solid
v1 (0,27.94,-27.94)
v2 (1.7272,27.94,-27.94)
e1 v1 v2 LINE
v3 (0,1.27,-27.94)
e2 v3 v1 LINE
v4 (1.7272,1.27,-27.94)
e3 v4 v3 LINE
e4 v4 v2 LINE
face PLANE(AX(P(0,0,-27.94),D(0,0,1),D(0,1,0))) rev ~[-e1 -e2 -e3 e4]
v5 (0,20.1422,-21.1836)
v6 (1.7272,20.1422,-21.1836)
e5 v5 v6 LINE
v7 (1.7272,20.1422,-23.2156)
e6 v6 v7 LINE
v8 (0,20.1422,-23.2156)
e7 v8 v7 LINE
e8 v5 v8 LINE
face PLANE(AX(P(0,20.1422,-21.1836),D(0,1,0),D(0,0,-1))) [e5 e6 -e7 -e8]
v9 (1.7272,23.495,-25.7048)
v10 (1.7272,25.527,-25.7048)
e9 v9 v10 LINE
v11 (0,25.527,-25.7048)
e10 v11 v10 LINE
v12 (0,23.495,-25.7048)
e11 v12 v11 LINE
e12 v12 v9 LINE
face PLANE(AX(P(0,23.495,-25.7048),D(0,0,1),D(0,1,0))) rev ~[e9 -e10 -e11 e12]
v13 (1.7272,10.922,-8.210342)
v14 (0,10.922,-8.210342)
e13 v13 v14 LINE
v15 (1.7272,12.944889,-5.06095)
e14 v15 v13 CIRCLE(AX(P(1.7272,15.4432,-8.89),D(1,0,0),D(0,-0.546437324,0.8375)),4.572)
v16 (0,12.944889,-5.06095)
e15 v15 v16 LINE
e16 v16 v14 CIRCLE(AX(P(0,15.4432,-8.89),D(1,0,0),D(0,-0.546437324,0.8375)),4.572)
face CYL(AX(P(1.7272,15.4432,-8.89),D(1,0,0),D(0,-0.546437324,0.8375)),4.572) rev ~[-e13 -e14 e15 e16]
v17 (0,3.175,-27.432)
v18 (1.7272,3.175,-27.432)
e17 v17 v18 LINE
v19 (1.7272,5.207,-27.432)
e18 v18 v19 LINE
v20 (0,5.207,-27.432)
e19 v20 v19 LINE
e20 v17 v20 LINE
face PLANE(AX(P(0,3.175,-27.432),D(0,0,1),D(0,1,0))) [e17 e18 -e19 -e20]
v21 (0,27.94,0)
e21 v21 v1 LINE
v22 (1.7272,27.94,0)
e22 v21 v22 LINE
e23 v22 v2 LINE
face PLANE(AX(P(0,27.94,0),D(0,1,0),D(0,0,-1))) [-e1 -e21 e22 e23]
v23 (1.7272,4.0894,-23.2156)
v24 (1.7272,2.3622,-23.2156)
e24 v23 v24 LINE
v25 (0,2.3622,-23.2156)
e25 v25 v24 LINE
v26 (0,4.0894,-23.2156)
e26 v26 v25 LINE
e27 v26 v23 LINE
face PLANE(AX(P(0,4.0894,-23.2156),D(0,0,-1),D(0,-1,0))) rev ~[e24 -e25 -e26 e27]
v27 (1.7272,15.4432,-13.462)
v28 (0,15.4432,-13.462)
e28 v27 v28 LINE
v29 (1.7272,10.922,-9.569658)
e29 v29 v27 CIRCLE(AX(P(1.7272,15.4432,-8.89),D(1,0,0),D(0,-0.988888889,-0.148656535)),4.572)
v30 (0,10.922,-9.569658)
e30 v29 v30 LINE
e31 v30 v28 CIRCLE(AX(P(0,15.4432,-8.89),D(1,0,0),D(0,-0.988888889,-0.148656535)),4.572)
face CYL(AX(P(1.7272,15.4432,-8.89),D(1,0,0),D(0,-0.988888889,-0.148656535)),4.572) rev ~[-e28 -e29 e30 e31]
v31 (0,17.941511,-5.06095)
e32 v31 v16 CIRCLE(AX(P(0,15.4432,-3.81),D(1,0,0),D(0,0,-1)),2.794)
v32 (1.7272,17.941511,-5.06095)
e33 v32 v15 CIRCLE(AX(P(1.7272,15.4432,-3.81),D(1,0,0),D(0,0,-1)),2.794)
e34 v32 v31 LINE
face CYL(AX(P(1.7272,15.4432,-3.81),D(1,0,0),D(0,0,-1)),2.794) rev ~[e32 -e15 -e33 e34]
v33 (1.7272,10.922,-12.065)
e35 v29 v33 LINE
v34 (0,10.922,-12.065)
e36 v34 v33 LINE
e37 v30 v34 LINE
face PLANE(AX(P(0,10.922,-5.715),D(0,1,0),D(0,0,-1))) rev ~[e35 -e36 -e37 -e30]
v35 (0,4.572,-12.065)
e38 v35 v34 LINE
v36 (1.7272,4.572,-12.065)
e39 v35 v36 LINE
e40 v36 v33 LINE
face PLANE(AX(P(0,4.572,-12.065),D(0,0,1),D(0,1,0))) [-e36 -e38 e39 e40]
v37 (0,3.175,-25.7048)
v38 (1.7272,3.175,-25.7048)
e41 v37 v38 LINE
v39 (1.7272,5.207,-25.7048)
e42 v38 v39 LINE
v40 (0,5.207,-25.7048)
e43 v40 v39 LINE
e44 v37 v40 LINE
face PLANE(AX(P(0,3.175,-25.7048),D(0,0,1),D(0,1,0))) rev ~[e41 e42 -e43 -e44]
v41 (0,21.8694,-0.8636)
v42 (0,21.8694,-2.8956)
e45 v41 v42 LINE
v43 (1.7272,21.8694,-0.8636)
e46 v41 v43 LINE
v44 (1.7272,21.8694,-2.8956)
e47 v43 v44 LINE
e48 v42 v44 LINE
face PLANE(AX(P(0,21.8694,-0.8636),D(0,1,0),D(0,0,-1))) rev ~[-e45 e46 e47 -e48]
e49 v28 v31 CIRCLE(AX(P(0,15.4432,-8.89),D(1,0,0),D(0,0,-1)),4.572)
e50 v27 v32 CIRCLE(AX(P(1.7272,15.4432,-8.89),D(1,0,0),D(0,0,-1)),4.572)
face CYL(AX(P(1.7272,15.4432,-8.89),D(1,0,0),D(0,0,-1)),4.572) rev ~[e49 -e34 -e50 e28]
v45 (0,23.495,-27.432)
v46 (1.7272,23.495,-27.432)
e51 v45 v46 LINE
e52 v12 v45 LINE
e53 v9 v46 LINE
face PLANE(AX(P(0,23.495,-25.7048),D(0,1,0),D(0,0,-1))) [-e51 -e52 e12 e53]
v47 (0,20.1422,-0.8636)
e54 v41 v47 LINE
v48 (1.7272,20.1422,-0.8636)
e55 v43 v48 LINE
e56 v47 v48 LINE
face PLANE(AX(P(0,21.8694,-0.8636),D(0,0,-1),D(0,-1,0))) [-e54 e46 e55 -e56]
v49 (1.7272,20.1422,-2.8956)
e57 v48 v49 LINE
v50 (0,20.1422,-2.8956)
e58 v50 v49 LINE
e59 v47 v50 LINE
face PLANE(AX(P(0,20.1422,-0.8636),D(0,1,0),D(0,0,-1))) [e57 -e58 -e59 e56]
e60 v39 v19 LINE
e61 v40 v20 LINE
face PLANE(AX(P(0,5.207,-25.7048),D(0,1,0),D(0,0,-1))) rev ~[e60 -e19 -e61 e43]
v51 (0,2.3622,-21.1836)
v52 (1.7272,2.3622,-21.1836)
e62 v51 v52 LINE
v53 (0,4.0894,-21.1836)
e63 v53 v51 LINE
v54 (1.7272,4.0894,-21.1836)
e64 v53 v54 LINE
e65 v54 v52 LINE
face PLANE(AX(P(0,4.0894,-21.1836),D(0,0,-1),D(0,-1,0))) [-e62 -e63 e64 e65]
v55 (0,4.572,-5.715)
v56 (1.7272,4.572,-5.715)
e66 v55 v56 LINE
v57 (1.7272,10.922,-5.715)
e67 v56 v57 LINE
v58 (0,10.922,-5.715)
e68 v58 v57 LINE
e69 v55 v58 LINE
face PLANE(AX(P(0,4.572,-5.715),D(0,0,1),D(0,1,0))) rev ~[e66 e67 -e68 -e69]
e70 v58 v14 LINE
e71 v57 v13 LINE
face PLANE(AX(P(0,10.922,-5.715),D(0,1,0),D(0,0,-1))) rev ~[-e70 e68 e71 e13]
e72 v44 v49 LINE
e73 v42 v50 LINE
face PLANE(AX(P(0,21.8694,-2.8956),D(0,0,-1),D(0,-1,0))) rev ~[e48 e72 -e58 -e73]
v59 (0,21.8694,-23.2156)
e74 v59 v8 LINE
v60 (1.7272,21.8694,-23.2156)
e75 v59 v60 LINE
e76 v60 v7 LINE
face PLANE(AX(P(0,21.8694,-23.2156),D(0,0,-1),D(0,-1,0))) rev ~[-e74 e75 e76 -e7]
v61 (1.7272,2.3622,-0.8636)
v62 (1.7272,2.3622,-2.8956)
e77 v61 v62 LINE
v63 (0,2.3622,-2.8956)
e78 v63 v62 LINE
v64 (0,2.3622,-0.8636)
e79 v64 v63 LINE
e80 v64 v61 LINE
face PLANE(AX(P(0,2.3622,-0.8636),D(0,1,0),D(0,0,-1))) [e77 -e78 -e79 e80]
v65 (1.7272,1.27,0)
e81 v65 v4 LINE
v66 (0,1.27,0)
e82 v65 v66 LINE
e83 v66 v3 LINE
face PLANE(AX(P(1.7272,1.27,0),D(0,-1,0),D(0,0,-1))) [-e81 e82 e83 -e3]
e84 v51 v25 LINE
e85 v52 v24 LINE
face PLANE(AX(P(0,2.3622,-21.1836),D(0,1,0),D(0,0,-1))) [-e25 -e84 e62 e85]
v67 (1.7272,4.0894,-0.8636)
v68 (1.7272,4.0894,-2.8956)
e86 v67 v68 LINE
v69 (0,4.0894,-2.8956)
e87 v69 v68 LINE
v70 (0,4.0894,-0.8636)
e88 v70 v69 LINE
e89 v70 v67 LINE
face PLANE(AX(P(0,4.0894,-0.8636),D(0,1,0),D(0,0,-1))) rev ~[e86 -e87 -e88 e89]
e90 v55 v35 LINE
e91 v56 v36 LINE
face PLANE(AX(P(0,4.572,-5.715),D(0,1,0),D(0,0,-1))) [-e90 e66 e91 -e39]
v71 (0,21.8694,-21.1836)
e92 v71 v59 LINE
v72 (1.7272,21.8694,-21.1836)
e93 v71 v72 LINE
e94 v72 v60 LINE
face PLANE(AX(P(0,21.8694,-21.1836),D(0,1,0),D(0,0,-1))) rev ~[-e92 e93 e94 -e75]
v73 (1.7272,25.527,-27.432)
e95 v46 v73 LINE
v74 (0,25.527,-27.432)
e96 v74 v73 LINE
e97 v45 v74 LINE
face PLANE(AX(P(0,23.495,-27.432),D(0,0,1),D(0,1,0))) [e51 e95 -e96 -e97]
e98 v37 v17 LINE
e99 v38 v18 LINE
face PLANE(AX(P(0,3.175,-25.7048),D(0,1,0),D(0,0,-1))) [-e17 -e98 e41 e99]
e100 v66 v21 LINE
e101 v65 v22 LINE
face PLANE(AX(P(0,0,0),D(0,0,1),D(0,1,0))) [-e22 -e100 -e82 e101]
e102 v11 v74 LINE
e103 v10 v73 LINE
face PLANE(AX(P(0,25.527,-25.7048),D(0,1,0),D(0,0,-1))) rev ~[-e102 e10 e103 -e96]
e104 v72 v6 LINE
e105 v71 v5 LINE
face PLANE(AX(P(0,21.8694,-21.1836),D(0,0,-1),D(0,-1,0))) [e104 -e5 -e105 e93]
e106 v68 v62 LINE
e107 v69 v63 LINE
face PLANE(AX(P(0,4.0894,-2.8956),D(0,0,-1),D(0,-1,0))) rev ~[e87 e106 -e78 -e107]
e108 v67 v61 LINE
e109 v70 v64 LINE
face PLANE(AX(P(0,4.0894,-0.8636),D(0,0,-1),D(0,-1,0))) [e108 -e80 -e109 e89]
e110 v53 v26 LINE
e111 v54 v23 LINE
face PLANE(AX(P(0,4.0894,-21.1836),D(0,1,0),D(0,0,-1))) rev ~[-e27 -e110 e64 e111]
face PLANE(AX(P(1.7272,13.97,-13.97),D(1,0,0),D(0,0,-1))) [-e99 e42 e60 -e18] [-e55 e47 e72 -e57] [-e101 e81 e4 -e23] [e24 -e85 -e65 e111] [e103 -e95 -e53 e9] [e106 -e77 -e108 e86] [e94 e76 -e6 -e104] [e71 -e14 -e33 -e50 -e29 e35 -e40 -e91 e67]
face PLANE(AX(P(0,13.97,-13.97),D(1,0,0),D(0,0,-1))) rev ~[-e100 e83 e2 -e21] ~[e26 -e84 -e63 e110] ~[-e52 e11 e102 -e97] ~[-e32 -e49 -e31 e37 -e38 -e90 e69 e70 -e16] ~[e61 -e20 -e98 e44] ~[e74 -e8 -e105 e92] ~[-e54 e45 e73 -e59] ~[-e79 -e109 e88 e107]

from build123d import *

# Parameters (mm, degrees)
SKETCH1_W           = 27.94
SKETCH1_H           = 27.94
SKETCH1_W_2         = 6.35
SKETCH1_H_2         = 6.35
SKETCH1_W_3         = 1.7272
SKETCH1_H_3         = 2.032
BOSS_EXTRUDE1_DEPTH = 1.7272
SKETCH4_R           = 4.572
SKETCH4_R_2         = 2.794
CUT_EXTRUDE4_DEPTH  = 1.7272
SKETCH8_W           = 1.7272
SKETCH8_H           = 2.032
CUT_EXTRUDE5_DEPTH  = 1.7272
SKETCH9_W           = 1.7272
SKETCH9_H           = 2.032
CUT_EXTRUDE6_DEPTH  = 1.7272
SKETCH10_W          = 27.94
SKETCH10_H          = 1.27
CUT_EXTRUDE7_DEPTH  = 1.7272


with BuildPart() as part:
    # Sketch1 → Boss-Extrude1 (new body)
    with BuildSketch(Plane(origin=(0, 0, 0), x_dir=(0, 0, -1), z_dir=(1, 0, 0))):
        with Locations((13.97, 13.97)):
            Rectangle(SKETCH1_W, SKETCH1_H)
        with Locations((8.89, 7.747)):
            Rectangle(SKETCH1_W_2, SKETCH1_H_2, mode=Mode.SUBTRACT)
        with Locations((26.5684, 4.191)):
            Rectangle(SKETCH1_W_3, SKETCH1_H_3, mode=Mode.SUBTRACT)
        with Locations((26.5684, 24.511)):
            Rectangle(SKETCH1_W_3, SKETCH1_H_3, mode=Mode.SUBTRACT)
    extrude(amount=BOSS_EXTRUDE1_DEPTH)

    # Sketch4 → Cut-Extrude4 (cut)
    with BuildSketch(Plane(origin=(1.7272, 0, 0), x_dir=(0, 0, -1), z_dir=(1, 0, 0))):
        with BuildLine():
            ThreePointArc((9.569657679, 10.922), (12.354864998, 12.460266118), (13.462, 15.4432))
            ThreePointArc((13.462, 15.4432), (10.193220511, 19.825528183), (5.06095, 17.941511449))
            ThreePointArc((5.06095, 17.941511449), (6.18714012, 16.911410084), (6.604, 15.4432))
            ThreePointArc((6.604, 15.4432), (6.18714012, 13.974989916), (5.06095, 12.944888551))
            ThreePointArc((5.06095, 12.944888551), (6.41914372, 11.596376213), (8.210342321, 10.922))
            Line((8.210342321, 10.922), (9.569657679, 10.922))
        make_face()
        with Locations((8.89, 15.4432)):
            Circle(SKETCH4_R)
        with Locations((3.81, 15.4432)):
            Circle(SKETCH4_R_2)
    extrude(amount=-CUT_EXTRUDE4_DEPTH, mode=Mode.SUBTRACT)

    # Sketch8 → Cut-Extrude5 (cut)
    with BuildSketch(Plane(origin=(0, 20.1422, 3.5052), x_dir=(0, -1, 0), z_dir=(1, 0, 0))):
        with Locations((-0.8636, 25.7048)):
            Rectangle(SKETCH8_W, SKETCH8_H)
        with Locations((-0.8636, 5.3848)):
            Rectangle(SKETCH8_W, SKETCH8_H)
    extrude(amount=CUT_EXTRUDE5_DEPTH, mode=Mode.SUBTRACT)

    # Sketch9 → Cut-Extrude6 (cut)
    with BuildSketch(Plane(origin=(0, 2.3622, 3.5052), x_dir=(0, -1, 0), z_dir=(1, 0, 0))):
        with Locations((-0.8636, 25.7048)):
            Rectangle(SKETCH9_W, SKETCH9_H)
        with Locations((-0.8636, 5.3848)):
            Rectangle(SKETCH9_W, SKETCH9_H)
    extrude(amount=CUT_EXTRUDE6_DEPTH, mode=Mode.SUBTRACT)

    # Sketch10 → Cut-Extrude7 (cut)
    with BuildSketch(Plane(origin=(1.7272, 0, 0), x_dir=(0, 0, -1), z_dir=(1, 0, 0))):
        with Locations((13.97, 0.635)):
            Rectangle(SKETCH10_W, SKETCH10_H)
    extrude(amount=-CUT_EXTRUDE7_DEPTH, mode=Mode.SUBTRACT)


solid = part.part
